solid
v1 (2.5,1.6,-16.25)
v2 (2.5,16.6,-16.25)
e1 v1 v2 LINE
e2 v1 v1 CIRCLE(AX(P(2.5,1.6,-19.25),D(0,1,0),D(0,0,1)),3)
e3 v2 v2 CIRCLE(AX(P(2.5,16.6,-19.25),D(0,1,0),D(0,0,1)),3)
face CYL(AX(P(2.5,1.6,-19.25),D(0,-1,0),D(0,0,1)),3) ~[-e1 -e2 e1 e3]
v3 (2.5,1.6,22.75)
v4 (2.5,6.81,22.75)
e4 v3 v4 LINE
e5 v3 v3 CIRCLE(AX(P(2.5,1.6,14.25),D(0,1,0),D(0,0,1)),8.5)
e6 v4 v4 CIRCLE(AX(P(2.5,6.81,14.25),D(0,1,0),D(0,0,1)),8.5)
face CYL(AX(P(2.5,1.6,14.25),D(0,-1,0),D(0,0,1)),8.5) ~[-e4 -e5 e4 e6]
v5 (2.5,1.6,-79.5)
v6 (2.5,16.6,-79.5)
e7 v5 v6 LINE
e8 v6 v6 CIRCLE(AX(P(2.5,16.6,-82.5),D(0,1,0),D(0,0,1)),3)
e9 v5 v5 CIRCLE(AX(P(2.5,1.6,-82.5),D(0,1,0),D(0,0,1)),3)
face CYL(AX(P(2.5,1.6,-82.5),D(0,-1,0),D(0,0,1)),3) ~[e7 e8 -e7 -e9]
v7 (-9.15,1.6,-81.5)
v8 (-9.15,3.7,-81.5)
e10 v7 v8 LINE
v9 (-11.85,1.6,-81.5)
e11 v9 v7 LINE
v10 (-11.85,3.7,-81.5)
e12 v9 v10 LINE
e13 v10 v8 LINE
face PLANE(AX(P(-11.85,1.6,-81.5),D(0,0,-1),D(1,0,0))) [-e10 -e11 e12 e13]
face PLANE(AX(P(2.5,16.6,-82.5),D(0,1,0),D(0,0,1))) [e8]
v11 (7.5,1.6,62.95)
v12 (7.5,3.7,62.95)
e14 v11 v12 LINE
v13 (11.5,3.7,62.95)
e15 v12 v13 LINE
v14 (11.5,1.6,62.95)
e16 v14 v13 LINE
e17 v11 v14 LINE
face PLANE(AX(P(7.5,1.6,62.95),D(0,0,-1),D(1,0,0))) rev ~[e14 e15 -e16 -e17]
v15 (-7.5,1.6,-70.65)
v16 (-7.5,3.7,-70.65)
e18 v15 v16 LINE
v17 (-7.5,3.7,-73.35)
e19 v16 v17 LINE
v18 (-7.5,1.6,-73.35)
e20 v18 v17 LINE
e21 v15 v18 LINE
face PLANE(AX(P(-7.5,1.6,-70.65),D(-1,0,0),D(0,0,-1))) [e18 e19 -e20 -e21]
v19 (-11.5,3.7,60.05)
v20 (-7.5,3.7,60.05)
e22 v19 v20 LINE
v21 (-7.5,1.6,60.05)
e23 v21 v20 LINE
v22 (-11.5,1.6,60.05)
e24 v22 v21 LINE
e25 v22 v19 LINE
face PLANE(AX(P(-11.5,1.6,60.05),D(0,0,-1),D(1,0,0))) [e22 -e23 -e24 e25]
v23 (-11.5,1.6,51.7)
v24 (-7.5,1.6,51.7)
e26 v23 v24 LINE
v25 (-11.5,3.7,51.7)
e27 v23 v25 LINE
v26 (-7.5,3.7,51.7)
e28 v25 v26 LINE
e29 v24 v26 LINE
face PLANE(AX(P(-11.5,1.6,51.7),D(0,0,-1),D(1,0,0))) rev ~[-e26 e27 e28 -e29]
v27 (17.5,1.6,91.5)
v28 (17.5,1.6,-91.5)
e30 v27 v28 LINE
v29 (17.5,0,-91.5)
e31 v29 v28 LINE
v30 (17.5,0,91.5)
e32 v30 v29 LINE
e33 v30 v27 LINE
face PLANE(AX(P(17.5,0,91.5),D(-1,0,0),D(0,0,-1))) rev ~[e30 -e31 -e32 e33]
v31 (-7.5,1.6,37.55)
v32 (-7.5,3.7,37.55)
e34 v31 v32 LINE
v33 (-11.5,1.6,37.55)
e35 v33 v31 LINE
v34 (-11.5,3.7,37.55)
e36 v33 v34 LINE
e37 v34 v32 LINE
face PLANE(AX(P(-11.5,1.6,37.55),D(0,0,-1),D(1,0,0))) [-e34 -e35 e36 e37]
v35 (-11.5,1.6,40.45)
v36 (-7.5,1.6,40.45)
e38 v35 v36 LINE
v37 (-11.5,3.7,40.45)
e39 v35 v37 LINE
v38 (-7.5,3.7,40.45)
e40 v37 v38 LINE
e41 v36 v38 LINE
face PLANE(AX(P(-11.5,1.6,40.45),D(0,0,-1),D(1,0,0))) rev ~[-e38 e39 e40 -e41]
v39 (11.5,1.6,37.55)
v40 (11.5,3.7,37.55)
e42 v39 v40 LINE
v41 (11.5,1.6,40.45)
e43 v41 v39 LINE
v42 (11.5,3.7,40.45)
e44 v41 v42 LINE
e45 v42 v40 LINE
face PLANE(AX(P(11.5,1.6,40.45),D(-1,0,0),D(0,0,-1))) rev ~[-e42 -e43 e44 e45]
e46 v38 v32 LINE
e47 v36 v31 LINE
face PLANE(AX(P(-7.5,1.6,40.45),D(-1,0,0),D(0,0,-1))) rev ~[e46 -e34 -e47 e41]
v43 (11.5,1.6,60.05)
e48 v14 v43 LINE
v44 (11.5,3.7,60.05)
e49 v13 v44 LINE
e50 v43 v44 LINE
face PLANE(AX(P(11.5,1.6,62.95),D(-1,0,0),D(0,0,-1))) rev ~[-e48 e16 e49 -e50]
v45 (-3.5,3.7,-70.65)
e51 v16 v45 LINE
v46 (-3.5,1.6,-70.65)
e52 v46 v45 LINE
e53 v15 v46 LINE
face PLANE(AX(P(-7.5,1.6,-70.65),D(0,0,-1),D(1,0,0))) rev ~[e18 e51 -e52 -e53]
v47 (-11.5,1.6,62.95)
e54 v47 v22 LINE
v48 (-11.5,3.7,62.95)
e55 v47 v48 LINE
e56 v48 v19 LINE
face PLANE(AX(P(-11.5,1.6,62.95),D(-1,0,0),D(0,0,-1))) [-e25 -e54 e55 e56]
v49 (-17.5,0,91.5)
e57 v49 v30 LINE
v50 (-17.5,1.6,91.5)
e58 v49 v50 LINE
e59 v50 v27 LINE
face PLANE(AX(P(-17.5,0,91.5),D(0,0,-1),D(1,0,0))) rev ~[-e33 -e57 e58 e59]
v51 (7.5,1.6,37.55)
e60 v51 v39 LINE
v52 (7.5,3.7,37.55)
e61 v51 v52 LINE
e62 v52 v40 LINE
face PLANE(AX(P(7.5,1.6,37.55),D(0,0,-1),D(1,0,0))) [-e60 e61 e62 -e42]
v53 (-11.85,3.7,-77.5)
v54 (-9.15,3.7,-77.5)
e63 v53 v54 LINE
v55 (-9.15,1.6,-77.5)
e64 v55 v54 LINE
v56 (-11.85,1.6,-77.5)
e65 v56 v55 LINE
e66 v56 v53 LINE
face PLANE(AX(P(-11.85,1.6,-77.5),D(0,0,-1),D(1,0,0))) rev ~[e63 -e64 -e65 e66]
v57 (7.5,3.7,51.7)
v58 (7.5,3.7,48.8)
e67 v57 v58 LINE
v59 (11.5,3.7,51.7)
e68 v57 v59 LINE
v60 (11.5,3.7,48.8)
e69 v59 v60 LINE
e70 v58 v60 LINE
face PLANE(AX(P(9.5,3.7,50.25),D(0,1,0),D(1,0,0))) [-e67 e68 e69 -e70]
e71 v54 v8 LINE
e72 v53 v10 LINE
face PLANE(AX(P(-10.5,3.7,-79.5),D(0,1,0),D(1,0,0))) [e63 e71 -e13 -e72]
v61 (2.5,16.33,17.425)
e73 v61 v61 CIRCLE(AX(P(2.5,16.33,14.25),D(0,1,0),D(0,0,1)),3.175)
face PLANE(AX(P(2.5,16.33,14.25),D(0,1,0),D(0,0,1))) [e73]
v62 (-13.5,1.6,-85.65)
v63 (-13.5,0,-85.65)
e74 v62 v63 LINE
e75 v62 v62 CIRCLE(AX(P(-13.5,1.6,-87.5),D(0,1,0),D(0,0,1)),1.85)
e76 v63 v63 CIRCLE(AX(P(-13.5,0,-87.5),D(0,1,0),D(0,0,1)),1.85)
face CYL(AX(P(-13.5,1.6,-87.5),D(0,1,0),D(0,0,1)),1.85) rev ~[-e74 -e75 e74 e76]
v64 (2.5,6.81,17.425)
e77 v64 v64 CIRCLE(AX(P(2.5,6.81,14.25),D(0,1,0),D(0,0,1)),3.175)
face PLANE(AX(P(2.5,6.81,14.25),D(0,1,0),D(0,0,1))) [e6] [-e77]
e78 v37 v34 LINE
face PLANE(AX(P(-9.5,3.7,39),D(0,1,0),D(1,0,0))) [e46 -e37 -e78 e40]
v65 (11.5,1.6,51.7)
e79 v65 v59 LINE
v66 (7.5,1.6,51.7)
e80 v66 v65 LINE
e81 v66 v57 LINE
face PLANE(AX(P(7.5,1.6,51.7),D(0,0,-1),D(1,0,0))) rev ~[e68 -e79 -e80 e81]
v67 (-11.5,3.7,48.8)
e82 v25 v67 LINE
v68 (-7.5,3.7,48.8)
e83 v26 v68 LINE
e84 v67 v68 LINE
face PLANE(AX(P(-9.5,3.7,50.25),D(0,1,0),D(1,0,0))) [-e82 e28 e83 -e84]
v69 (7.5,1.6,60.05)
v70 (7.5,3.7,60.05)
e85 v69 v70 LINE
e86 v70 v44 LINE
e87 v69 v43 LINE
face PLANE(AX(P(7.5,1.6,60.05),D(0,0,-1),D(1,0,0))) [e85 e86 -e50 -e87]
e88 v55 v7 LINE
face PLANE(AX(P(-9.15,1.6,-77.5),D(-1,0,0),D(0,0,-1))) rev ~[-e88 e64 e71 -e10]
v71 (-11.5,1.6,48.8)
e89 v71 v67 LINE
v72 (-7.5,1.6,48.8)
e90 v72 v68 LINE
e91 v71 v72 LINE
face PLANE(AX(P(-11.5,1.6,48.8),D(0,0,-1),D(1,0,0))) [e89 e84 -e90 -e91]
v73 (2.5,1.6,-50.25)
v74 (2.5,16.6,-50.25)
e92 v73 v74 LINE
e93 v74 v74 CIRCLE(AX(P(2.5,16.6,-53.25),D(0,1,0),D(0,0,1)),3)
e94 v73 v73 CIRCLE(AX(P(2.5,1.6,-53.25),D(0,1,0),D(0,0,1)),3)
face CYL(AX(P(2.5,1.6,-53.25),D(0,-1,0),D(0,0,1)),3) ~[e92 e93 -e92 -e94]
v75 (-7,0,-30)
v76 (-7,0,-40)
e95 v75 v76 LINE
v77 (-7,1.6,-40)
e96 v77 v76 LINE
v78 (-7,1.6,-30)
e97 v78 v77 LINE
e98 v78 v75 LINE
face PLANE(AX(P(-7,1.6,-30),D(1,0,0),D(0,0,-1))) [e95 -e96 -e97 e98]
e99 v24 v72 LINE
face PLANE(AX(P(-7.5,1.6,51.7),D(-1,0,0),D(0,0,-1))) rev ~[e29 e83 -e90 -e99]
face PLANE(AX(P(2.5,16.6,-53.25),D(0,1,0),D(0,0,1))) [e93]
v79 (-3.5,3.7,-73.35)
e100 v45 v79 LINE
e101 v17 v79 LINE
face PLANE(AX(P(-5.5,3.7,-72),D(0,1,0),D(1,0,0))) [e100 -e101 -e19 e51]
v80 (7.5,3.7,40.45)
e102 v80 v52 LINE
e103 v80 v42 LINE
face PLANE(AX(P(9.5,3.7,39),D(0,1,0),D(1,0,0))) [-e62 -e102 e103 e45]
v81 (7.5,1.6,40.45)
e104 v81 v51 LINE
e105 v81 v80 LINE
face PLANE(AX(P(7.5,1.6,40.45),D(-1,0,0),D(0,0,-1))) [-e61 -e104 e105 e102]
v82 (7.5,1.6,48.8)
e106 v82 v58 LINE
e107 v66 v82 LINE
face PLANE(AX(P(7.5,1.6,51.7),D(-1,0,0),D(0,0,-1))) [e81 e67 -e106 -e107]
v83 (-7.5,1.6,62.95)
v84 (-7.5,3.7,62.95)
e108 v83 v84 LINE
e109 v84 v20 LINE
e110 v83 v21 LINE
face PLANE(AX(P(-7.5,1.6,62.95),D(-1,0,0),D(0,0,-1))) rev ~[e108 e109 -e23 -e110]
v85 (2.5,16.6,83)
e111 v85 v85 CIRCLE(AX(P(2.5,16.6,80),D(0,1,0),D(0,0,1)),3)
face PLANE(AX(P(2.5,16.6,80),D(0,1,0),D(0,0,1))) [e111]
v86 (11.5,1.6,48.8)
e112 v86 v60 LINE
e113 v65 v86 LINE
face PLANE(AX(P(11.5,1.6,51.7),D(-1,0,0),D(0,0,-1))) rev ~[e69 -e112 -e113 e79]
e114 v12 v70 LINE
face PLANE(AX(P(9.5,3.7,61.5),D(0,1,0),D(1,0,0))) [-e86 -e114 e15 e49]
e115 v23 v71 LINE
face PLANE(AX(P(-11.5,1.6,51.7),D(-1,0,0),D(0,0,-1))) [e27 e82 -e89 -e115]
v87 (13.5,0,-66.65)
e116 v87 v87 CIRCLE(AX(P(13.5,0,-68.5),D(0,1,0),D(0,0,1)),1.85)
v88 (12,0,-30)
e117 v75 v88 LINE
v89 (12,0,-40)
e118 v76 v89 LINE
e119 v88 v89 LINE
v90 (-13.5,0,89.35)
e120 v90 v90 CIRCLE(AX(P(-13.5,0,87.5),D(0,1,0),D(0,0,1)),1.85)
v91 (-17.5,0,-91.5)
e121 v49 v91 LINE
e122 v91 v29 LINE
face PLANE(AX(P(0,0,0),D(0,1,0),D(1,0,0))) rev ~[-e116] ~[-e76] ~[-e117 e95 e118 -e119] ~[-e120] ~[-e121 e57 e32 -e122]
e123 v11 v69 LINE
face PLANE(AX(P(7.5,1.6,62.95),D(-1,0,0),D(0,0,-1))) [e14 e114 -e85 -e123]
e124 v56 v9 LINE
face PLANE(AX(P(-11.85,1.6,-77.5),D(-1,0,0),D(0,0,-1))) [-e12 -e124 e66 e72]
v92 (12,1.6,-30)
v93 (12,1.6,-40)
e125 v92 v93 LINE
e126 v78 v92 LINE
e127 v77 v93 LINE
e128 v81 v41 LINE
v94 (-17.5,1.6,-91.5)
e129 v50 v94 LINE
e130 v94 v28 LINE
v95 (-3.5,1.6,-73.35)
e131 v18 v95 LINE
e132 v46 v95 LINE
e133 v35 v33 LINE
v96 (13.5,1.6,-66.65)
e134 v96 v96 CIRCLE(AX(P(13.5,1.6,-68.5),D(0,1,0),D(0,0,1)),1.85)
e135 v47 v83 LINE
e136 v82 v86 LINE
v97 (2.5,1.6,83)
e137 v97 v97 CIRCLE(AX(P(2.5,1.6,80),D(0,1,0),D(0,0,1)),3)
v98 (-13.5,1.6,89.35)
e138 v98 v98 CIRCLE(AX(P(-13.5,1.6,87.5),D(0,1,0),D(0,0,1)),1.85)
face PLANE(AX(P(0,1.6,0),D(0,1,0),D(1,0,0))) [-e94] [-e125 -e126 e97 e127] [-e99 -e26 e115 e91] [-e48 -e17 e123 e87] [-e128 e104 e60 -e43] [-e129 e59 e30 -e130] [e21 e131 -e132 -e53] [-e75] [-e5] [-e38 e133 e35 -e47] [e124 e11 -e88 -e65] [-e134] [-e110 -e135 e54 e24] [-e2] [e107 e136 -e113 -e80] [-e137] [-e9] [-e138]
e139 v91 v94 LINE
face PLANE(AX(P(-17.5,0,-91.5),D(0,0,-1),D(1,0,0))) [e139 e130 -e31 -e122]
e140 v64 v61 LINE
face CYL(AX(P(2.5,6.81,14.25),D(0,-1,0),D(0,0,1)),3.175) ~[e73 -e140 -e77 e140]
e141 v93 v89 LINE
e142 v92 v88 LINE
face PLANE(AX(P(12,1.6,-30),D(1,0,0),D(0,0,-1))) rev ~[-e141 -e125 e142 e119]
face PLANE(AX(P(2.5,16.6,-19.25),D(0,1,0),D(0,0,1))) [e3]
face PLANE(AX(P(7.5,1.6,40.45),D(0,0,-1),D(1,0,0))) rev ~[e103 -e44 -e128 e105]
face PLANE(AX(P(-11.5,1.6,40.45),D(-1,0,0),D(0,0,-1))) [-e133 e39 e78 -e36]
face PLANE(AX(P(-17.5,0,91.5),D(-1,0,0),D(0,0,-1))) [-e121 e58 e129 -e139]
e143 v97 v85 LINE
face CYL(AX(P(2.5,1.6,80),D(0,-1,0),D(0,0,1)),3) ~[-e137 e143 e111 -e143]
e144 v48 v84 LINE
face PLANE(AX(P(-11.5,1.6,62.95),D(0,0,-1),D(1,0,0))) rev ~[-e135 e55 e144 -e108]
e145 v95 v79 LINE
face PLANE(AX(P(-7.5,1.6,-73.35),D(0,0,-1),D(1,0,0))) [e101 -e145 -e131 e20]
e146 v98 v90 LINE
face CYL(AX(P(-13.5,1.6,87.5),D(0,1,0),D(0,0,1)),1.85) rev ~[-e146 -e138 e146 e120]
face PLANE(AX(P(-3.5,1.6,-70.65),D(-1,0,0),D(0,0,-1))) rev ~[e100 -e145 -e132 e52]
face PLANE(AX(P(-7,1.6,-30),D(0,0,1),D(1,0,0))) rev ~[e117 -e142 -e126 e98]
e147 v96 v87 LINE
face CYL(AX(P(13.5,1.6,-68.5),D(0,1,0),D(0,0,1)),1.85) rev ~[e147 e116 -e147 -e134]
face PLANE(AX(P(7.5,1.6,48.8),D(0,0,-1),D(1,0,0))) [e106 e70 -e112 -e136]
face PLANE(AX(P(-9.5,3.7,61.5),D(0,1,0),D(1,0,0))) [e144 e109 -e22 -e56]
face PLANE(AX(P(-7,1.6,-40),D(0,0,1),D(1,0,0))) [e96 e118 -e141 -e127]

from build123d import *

# Parameters (mm, degrees)
PCB_W               = 35
PCB_H               = 183
BOSS_EXTRUDE1_DEPTH = 1.6
SKETCH3_R           = 3
BOSS_EXTRUDE2_DEPTH = 15
SKETCH4_R           = 8.5
BOSS_EXTRUDE3_DEPTH = 5.21
SKETCH5_R           = 3.175
BOSS_EXTRUDE4_DEPTH = 9.52
SKETCH6_W           = 4
SKETCH6_H           = 2.9
BOSS_EXTRUDE5_DEPTH = 2.1
SKETCH7_R           = 1.85
CUT_EXTRUDE2_DEPTH  = 95.35835946
SKETCH8_W           = 4
SKETCH8_H           = 2.7
SKETCH8_W_2         = 2.7
SKETCH8_H_2         = 4
BOSS_EXTRUDE6_DEPTH = 2.1
SKETCH9_W           = 19
SKETCH9_H           = 10
CUT_EXTRUDE3_DEPTH  = 95.35835946


with BuildPart() as part:
    # pcb → Boss-Extrude1 (new body)
    with BuildSketch(Plane(origin=(0, 0, 0), x_dir=(1, 0, 0), z_dir=(0, 1, 0))):
        Rectangle(PCB_W, PCB_H)
    extrude(amount=BOSS_EXTRUDE1_DEPTH)

    # Sketch3 → Boss-Extrude2 (add)
    with BuildSketch(Plane(origin=(0, 1.6, 0), x_dir=(1, 0, 0), z_dir=(0, 1, 0))):
        with Locations(Location((2.5, 82.5, 0), (0, 0, 270))):
            Circle(SKETCH3_R)
        with Locations(Location((2.5, 53.25, 0), (0, 0, 270))):
            Circle(SKETCH3_R)
        with Locations(Location((2.5, 19.25, 0), (0, 0, 270))):
            Circle(SKETCH3_R)
        with Locations(Location((2.5, -80, 0), (0, 0, 270))):
            Circle(SKETCH3_R)
    extrude(amount=BOSS_EXTRUDE2_DEPTH)

    # Sketch4 → Boss-Extrude3 (add)
    with BuildSketch(Plane(origin=(0, 1.6, 0), x_dir=(1, 0, 0), z_dir=(0, 1, 0))):
        with Locations(Location((2.5, -14.25, 0), (0, 0, 270))):
            Circle(SKETCH4_R)
    extrude(amount=BOSS_EXTRUDE3_DEPTH)

    # Sketch5 → Boss-Extrude4 (add)
    with BuildSketch(Plane(origin=(0, 6.81, 0), x_dir=(1, 0, 0), z_dir=(0, 1, 0))):
        with Locations(Location((2.5, -14.25, 0), (0, 0, 270))):
            Circle(SKETCH5_R)
    extrude(amount=BOSS_EXTRUDE4_DEPTH)

    # Sketch6 → Boss-Extrude5 (add)
    with BuildSketch(Plane(origin=(0, 1.6, 0), x_dir=(1, 0, 0), z_dir=(0, 1, 0))):
        with Locations((-9.5, -39)):
            Rectangle(SKETCH6_W, SKETCH6_H)
        with Locations((9.5, -39)):
            Rectangle(SKETCH6_W, SKETCH6_H)
        with Locations((-9.5, -50.25)):
            Rectangle(SKETCH6_W, SKETCH6_H)
        with Locations((9.5, -50.25)):
            Rectangle(SKETCH6_W, SKETCH6_H)
        with Locations((-9.5, -61.5)):
            Rectangle(SKETCH6_W, SKETCH6_H)
        with Locations((9.5, -61.5)):
            Rectangle(SKETCH6_W, SKETCH6_H)
    extrude(amount=BOSS_EXTRUDE5_DEPTH)

    # Sketch7 → Cut-Extrude2 (cut, through all)
    with BuildSketch(Plane(origin=(0, 1.6, 0), x_dir=(1, 0, 0), z_dir=(0, 1, 0))):
        with Locations(Location((13.5, 68.5, 0), (0, 0, 270))):
            Circle(SKETCH7_R)
        with Locations(Location((-13.5, 87.5, 0), (0, 0, 270))):
            Circle(SKETCH7_R)
        with Locations(Location((-13.5, -87.5, 0), (0, 0, 270))):
            Circle(SKETCH7_R)
    extrude(amount=-CUT_EXTRUDE2_DEPTH, mode=Mode.SUBTRACT)

    # Sketch8 → Boss-Extrude6 (add)
    with BuildSketch(Plane(origin=(0, 1.6, 0), x_dir=(1, 0, 0), z_dir=(0, 1, 0))):
        with Locations((-5.5, 72)):
            Rectangle(SKETCH8_W, SKETCH8_H)
        with Locations((-10.5, 79.5)):
            Rectangle(SKETCH8_W_2, SKETCH8_H_2)
    extrude(amount=BOSS_EXTRUDE6_DEPTH)

    # Sketch9 → Cut-Extrude3 (cut, through all)
    with BuildSketch(Plane(origin=(0, 1.6, 0), x_dir=(1, 0, 0), z_dir=(0, 1, 0))):
        with Locations((2.5, 35)):
            Rectangle(SKETCH9_W, SKETCH9_H)
    extrude(amount=-CUT_EXTRUDE3_DEPTH, mode=Mode.SUBTRACT)


solid = part.part
